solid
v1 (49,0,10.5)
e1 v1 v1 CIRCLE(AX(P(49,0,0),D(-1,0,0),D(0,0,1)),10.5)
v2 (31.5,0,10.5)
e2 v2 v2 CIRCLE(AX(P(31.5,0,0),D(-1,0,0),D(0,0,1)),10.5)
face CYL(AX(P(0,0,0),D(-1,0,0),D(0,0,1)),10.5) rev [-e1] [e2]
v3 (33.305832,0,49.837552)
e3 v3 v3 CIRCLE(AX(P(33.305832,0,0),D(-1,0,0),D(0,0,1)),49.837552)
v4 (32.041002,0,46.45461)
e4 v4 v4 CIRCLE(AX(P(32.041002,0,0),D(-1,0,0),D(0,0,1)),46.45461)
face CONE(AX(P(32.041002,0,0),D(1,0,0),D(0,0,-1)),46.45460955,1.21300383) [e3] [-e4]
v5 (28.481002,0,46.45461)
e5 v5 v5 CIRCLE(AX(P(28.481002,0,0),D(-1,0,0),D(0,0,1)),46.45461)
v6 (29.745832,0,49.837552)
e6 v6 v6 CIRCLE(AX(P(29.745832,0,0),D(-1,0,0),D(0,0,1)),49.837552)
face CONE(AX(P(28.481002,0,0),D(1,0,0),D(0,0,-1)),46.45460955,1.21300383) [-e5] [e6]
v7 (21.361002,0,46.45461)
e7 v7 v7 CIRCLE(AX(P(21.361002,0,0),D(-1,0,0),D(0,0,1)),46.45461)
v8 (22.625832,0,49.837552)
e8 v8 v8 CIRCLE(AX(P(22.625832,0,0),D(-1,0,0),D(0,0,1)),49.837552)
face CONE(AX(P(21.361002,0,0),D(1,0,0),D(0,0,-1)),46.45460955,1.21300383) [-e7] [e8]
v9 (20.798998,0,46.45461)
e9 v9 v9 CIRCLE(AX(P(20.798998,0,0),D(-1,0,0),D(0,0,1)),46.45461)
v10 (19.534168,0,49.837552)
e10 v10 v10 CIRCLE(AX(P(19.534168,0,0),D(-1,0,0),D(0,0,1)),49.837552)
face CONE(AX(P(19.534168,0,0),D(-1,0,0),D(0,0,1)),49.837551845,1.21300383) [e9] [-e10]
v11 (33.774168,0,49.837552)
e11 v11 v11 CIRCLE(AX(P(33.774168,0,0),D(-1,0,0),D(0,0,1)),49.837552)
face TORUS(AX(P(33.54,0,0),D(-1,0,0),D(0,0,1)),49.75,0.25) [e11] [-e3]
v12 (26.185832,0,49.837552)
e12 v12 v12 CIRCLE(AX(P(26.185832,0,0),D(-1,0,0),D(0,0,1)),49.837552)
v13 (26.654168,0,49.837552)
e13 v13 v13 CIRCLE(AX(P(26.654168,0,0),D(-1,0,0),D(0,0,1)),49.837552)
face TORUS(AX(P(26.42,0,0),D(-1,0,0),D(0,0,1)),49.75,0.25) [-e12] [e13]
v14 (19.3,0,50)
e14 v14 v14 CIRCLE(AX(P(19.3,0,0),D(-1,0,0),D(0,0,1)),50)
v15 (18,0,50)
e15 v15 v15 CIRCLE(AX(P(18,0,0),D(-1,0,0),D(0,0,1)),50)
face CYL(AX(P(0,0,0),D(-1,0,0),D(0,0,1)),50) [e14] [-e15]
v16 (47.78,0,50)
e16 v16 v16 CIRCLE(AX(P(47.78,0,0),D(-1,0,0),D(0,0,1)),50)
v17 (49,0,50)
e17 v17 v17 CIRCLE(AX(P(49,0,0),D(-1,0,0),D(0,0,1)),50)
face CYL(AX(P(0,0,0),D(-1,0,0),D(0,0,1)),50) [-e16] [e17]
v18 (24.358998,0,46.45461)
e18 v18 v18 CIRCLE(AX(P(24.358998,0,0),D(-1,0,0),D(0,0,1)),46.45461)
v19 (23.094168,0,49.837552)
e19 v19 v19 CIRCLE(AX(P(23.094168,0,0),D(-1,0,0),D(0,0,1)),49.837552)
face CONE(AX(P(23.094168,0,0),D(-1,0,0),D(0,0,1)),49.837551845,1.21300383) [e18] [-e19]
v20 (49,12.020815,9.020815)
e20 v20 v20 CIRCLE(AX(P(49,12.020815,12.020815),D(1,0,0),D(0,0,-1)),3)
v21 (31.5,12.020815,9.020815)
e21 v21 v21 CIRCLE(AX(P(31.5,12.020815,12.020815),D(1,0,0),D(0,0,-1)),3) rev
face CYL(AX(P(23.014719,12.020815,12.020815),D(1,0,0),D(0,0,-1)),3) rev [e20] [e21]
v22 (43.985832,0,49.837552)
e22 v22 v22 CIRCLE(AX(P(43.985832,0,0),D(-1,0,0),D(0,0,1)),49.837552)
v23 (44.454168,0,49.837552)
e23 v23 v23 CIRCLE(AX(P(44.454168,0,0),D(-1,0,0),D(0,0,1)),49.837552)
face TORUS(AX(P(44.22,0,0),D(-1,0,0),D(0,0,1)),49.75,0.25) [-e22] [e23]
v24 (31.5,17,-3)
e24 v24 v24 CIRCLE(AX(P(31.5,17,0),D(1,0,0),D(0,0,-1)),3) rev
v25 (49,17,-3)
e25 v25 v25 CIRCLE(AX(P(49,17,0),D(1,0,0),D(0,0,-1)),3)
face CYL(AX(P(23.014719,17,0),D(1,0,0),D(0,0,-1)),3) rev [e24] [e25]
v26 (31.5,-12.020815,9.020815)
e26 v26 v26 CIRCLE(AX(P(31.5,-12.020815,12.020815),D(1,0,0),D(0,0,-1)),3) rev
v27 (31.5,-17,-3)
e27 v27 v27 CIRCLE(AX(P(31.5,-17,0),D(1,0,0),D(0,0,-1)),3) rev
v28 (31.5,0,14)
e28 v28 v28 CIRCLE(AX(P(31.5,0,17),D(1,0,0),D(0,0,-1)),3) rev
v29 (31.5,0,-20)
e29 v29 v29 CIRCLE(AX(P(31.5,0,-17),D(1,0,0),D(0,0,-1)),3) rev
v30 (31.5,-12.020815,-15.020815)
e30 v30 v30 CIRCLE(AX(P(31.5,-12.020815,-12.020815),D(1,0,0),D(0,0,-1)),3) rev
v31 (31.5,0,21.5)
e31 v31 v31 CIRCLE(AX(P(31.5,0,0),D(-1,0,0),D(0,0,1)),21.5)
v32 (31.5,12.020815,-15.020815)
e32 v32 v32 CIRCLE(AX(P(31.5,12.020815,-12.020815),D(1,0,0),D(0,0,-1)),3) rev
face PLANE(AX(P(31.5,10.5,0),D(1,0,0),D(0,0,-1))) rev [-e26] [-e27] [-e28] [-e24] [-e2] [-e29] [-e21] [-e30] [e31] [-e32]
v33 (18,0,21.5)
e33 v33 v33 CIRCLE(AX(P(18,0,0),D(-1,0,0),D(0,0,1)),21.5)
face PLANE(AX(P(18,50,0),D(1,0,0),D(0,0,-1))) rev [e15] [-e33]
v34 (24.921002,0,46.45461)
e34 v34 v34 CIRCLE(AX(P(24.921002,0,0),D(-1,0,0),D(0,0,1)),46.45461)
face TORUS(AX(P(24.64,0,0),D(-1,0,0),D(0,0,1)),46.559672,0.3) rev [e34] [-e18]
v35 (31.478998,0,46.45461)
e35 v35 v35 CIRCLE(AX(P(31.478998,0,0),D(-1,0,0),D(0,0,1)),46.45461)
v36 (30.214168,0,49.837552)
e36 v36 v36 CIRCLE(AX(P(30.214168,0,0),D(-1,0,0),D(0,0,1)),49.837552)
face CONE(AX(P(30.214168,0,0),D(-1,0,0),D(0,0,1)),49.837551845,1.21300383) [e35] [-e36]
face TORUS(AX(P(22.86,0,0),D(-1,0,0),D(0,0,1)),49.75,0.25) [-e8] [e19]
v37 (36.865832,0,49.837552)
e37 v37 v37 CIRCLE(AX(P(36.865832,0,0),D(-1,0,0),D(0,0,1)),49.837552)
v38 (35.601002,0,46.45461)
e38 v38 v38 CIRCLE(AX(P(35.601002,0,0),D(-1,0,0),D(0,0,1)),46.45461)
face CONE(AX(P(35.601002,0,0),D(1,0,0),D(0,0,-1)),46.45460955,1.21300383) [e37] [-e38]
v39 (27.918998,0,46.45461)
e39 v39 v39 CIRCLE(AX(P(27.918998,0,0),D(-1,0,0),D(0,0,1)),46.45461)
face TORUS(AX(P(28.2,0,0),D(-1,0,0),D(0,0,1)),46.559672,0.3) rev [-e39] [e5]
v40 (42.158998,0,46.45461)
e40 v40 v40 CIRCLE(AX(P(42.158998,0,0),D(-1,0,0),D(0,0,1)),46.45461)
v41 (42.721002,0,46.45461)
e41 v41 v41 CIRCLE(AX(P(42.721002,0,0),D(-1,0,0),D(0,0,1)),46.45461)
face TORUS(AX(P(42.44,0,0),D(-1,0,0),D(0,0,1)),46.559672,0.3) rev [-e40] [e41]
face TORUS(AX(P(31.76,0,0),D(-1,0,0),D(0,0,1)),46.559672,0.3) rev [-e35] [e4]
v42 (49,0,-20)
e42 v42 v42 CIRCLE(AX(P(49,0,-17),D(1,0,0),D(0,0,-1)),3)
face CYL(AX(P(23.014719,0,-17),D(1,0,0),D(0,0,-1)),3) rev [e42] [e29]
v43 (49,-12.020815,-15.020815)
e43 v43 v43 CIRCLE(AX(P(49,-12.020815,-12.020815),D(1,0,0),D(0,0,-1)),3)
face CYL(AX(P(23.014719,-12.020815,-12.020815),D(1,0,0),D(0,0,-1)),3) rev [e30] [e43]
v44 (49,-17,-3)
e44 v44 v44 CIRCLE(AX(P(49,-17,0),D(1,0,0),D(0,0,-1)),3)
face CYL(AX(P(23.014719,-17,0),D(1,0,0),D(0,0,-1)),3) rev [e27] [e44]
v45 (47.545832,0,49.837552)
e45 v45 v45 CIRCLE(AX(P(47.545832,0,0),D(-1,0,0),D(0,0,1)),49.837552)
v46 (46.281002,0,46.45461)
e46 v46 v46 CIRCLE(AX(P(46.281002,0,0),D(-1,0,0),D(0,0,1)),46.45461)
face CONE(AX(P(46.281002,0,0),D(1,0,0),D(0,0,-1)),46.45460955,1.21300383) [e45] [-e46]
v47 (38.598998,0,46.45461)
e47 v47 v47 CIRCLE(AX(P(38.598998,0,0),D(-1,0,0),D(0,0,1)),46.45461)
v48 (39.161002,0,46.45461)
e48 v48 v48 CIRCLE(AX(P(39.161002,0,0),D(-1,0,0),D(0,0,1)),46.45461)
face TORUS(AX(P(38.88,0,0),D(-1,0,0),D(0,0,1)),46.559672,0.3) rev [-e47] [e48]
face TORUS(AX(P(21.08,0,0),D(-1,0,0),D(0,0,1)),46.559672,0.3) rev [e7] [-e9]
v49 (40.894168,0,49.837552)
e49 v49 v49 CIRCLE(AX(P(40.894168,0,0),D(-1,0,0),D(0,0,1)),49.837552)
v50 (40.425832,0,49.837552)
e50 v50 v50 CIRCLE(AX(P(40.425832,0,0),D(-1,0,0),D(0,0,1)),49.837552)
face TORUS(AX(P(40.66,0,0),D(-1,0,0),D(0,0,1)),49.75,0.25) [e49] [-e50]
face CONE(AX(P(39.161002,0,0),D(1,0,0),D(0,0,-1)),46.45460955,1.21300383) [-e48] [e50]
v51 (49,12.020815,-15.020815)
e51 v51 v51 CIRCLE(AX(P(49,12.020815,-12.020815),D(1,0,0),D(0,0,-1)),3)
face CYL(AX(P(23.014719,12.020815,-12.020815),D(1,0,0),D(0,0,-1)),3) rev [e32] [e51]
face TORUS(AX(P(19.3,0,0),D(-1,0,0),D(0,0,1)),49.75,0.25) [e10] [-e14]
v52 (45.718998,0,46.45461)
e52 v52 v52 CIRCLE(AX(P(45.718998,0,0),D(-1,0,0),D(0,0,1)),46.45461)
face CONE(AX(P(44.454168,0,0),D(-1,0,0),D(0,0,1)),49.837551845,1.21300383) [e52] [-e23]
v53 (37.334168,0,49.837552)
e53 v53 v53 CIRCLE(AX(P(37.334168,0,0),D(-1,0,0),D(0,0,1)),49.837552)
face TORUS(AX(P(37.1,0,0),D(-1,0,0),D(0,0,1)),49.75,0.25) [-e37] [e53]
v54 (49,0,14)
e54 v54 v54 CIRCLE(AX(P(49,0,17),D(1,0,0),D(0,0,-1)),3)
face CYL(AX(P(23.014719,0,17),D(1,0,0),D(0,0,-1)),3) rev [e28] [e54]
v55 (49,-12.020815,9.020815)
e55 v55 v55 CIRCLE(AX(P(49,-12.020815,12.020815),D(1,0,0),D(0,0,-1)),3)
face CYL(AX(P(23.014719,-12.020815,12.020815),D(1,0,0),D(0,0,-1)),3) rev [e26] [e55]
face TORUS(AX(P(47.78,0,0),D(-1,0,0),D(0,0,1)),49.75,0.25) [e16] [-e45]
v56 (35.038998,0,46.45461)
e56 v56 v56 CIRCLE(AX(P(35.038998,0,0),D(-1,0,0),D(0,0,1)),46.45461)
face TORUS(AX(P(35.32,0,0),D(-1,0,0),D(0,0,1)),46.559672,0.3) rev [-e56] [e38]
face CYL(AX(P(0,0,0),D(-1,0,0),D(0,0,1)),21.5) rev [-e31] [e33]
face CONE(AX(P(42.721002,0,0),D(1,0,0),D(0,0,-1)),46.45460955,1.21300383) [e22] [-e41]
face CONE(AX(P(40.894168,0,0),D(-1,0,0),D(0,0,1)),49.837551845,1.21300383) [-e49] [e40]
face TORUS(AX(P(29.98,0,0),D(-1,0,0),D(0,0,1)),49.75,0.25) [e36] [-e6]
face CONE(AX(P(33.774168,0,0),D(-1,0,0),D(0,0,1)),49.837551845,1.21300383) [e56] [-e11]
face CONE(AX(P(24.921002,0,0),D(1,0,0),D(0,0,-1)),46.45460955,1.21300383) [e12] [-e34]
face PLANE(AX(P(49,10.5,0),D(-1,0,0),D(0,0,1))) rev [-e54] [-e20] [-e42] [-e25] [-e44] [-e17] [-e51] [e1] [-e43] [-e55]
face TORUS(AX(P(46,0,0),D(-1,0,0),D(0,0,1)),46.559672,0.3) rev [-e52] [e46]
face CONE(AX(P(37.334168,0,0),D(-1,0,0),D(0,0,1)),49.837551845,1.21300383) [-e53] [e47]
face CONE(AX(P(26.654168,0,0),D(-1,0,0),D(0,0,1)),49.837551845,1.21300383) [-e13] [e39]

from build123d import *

# Parameters (mm, degrees)
LPATTERN1_COUNT    = 8
LPATTERN1_PITCH    = 3.56
SKETCH3_R          = 3
CUT_EXTRUDE1_DEPTH = 17.5


with BuildPart() as part:
    # Sketch1 → Revolve1 (revolve)
    with BuildSketch(Plane.XY, mode=Mode.PRIVATE) as revolve1_sk:
        Polygon((49, 10.5), (49, 50), (18, 50), (18, 21.5), (31.5, 21.5), (31.5, 10.5), align=None)
    revolve(revolve1_sk.sketch.rotate(Axis((0, 0, 0), (1, 0, 0)), 90), axis=Axis((0, 0, 0), (1, 0, 0)))

    # Sketch2 → Cut-Revolve1 (revolve, cut)
    with BuildSketch(Plane.XY, mode=Mode.PRIVATE) as cut_revolve1_sk:
        with BuildLine():
            Line((47.545831953, 49.837551845), (46.281001657, 46.45460955))
            ThreePointArc((46.281001657, 46.45460955), (46, 46.259671764), (45.718998343, 46.45460955))
            Line((45.718998343, 46.45460955), (44.454168047, 49.837551845))
            ThreePointArc((44.454168047, 49.837551845), (44.362499191, 49.955411734), (44.22, 50))
            Line((44.22, 50), (47.78, 50))
            ThreePointArc((47.78, 50), (47.637500809, 49.955411734), (47.545831953, 49.837551845))
        make_face()
    cut_revolve1 = revolve(cut_revolve1_sk.sketch.rotate(Axis((0, 0, 0), (1, 0, 0)), 90), axis=Axis((0, 0, 0), (1, 0, 0)), mode=Mode.SUBTRACT)

    # LPattern1: Cut-Revolve1 ×8
    with Locations(*[(-i * LPATTERN1_PITCH, 0, 0) for i in range(1, LPATTERN1_COUNT)]):
        add(cut_revolve1, mode=Mode.SUBTRACT)

    # Sketch3 → Cut-Extrude1 (cut)
    with BuildSketch(Plane(origin=(49, 0, 0), x_dir=(0, 0, -1), z_dir=(1, 0, 0))):
        with Locations((0, 17)):
            Circle(SKETCH3_R)
        with Locations((12.02081528, 12.02081528)):
            Circle(SKETCH3_R)
        with Locations((17, 0)):
            Circle(SKETCH3_R)
        with Locations((12.02081528, -12.02081528)):
            Circle(SKETCH3_R)
        with Locations((0, -17)):
            Circle(SKETCH3_R)
        with Locations((-12.02081528, -12.02081528)):
            Circle(SKETCH3_R)
        with Locations((-17, 0)):
            Circle(SKETCH3_R)
        with Locations((-12.02081528, 12.02081528)):
            Circle(SKETCH3_R)
    extrude(amount=-CUT_EXTRUDE1_DEPTH, mode=Mode.SUBTRACT)


solid = part.part
